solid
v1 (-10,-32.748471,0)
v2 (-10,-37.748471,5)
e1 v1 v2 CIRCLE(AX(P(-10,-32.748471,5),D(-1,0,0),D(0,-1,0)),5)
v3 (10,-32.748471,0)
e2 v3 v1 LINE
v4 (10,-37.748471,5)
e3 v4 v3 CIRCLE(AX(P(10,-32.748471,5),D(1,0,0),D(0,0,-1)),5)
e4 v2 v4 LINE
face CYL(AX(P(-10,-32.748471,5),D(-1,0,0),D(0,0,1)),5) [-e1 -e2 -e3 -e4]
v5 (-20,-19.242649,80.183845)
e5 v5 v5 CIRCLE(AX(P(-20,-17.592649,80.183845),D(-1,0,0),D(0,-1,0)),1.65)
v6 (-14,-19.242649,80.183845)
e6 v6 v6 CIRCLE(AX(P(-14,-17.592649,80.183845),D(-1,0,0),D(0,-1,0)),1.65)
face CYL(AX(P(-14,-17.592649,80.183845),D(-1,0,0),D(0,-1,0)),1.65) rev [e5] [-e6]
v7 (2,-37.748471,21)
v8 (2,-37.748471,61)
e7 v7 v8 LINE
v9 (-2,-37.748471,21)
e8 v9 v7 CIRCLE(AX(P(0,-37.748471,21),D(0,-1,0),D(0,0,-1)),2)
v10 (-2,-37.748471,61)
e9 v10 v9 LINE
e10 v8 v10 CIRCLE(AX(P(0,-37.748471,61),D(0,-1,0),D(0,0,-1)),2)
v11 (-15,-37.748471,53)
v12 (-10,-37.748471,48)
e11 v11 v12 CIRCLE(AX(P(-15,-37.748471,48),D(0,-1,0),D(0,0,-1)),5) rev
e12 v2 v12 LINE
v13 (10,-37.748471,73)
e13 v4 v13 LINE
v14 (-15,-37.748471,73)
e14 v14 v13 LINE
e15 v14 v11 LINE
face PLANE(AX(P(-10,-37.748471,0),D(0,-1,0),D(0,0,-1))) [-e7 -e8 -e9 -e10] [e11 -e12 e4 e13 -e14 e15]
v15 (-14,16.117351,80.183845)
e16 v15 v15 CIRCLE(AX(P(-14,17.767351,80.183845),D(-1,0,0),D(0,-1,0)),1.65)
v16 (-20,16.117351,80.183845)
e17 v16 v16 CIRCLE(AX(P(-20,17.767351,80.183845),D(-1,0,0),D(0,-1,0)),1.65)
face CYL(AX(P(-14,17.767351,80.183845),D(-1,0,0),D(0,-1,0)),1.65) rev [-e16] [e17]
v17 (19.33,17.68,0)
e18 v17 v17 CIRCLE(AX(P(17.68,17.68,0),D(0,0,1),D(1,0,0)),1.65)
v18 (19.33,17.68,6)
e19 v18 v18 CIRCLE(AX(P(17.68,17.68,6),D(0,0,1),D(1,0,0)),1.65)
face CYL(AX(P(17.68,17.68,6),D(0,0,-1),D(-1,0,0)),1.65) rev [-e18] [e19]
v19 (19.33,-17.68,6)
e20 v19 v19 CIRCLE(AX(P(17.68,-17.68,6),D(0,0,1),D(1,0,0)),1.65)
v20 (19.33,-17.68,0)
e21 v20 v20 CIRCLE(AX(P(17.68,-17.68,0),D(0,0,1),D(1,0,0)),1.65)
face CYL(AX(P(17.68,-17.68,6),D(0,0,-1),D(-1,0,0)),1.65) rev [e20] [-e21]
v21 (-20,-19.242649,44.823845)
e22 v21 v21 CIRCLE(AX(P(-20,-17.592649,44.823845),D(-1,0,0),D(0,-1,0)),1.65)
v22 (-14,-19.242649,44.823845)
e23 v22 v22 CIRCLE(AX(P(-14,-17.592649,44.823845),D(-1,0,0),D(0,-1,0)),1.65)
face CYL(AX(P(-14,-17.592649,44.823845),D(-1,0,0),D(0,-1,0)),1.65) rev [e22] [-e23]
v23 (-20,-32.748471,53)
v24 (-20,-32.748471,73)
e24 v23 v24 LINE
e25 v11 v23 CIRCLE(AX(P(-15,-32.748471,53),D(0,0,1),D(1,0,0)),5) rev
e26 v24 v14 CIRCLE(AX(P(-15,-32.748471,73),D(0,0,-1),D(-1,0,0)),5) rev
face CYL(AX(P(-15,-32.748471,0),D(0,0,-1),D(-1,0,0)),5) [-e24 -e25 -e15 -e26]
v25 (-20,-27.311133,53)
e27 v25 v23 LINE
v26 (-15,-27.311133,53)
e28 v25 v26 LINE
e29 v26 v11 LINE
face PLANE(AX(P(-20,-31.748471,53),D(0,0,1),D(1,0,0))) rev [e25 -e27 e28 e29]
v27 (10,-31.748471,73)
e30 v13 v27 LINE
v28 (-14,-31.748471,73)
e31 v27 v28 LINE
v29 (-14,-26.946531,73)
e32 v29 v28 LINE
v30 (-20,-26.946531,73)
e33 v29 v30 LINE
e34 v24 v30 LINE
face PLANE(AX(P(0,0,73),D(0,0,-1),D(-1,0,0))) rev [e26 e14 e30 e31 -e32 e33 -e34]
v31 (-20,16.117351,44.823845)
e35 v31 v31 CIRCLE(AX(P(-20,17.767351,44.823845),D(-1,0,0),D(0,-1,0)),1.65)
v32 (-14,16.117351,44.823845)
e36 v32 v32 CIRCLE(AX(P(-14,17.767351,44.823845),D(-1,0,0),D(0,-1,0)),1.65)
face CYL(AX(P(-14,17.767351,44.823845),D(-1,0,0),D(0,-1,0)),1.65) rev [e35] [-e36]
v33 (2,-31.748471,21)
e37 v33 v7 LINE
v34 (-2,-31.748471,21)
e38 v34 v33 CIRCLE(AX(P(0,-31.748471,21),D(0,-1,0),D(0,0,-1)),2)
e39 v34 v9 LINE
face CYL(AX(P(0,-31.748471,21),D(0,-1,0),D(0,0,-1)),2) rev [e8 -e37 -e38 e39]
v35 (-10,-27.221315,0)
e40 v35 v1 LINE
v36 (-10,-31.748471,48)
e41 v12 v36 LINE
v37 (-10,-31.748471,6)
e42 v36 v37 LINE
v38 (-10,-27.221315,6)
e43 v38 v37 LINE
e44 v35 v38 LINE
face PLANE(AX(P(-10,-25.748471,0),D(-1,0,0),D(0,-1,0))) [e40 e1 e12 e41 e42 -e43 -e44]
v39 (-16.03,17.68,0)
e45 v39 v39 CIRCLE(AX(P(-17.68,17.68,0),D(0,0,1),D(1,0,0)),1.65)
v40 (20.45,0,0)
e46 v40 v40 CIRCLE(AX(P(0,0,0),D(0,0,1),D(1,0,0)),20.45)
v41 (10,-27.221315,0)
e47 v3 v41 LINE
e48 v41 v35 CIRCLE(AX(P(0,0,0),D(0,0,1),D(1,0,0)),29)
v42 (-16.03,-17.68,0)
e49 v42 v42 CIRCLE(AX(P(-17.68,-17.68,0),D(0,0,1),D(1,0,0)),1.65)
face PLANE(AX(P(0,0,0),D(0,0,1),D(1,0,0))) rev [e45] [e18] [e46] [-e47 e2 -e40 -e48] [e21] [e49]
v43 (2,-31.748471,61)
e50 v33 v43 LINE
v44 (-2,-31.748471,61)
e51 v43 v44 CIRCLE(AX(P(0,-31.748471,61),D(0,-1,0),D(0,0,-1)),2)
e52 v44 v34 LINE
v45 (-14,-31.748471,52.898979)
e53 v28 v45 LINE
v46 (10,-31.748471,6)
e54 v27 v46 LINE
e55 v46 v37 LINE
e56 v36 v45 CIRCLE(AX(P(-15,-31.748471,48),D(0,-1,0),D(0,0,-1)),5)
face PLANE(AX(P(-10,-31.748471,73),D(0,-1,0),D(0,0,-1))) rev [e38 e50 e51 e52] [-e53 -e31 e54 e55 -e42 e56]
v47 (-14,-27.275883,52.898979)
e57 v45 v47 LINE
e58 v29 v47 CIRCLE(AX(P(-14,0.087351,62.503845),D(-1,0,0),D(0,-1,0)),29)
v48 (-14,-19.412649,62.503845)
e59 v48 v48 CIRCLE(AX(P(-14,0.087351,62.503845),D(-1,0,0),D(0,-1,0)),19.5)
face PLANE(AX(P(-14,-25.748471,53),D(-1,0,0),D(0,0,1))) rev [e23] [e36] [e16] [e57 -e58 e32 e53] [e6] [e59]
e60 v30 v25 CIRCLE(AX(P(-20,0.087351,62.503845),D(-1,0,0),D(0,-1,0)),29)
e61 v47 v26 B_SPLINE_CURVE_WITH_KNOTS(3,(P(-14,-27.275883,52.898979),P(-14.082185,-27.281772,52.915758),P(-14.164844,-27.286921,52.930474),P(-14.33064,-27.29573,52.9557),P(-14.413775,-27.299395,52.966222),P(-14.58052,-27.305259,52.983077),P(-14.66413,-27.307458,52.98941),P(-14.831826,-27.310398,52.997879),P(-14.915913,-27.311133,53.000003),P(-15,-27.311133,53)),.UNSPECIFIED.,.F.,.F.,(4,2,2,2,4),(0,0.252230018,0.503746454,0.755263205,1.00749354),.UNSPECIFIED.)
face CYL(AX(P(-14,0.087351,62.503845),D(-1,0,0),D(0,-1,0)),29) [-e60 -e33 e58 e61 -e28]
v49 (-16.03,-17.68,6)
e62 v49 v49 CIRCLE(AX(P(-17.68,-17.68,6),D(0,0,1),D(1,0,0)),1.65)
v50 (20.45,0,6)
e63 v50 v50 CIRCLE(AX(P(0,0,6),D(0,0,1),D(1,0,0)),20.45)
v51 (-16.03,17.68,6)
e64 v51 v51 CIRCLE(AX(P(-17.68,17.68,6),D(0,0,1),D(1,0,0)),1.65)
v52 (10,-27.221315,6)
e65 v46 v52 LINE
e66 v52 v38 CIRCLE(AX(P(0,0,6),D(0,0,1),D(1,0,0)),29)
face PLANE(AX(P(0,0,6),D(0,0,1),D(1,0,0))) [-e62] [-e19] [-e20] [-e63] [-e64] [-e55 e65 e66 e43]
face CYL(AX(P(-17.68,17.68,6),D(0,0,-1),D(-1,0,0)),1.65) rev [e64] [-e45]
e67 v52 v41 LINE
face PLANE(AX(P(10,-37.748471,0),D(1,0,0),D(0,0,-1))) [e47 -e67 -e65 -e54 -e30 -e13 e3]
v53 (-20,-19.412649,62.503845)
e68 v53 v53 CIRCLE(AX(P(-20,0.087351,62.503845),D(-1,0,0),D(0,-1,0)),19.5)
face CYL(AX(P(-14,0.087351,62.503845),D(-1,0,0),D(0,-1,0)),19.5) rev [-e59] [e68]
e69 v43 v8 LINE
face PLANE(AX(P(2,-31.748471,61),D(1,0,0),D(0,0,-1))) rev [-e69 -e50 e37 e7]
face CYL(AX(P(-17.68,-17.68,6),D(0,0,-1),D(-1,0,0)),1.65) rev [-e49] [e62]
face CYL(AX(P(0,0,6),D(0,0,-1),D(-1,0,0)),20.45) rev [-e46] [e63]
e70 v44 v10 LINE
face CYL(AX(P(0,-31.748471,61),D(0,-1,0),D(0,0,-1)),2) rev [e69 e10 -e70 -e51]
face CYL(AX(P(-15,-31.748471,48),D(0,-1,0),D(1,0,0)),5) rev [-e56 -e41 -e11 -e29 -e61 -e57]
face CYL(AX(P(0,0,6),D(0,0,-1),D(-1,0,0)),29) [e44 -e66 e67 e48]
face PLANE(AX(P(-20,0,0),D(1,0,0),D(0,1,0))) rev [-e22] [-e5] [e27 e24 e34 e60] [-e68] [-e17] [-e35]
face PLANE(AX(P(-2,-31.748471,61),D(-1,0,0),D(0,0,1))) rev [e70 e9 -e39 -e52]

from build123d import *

# Parameters (mm, degrees)
SKETCH1_R           = 29
SKETCH1_R_2         = 20.45
SKETCH1_R_3         = 1.65
BOSS_EXTRUDE1_DEPTH = 6
BOSS_EXTRUDE3_DEPTH = 6
SKETCH4_W           = 20
SKETCH4_H           = 6
BOSS_EXTRUDE4_DEPTH = 67
SKETCH5_W           = 20
SKETCH5_H           = 6
BOSS_EXTRUDE5_DEPTH = 10
SKETCH7_R           = 29
SKETCH7_R_2         = 1.65
SKETCH7_R_3         = 19.5
BOSS_EXTRUDE6_DEPTH = 6
SKETCH8_W           = 6
SKETCH8_H           = 20
BOSS_EXTRUDE8_DEPTH = 6
CUT_EXTRUDE1_DEPTH  = 6
FILLET1_R           = 5
FILLET2_R           = 5


with BuildPart() as part:
    # Sketch1 → Boss-Extrude1 (new body)
    with BuildSketch(Plane.XY):
        Circle(SKETCH1_R)
        Circle(SKETCH1_R_2, mode=Mode.SUBTRACT)
        with Locations((17.68, -17.68)):
            Circle(SKETCH1_R_3, mode=Mode.SUBTRACT)
        with Locations((-17.68, -17.68)):
            Circle(SKETCH1_R_3, mode=Mode.SUBTRACT)
        with Locations((-17.68, 17.68)):
            Circle(SKETCH1_R_3, mode=Mode.SUBTRACT)
        with Locations((17.68, 17.68)):
            Circle(SKETCH1_R_3, mode=Mode.SUBTRACT)
    extrude(amount=BOSS_EXTRUDE1_DEPTH)

    # Sketch3 → Boss-Extrude3 (add)
    with BuildSketch(Plane.XY.offset(6)):
        Polygon((0, -25.748471389), (-10, -25.748471389), (-10, -37.748471389), (10, -37.748471389), (10, -25.748471389), align=None)
    extrude(amount=-BOSS_EXTRUDE3_DEPTH)

    # Sketch4 → Boss-Extrude4 (add)
    with BuildSketch(Plane.XY.offset(6)):
        with Locations((0, -34.748471389)):
            Rectangle(SKETCH4_W, SKETCH4_H)
    extrude(amount=BOSS_EXTRUDE4_DEPTH)

    # Sketch5 → Boss-Extrude5 (add)
    with BuildSketch(Plane.ZY.offset(10)):
        with Locations((63, -34.748471389)):
            Rectangle(SKETCH5_W, SKETCH5_H)
    extrude(amount=BOSS_EXTRUDE5_DEPTH)



with BuildPart() as body_2:
    # Sketch7 → Boss-Extrude6 (new body)
    with BuildSketch(Plane.ZY.offset(20)):
        with Locations(Location((62.50384549, 0.087350514, 0), (0, 0, 270))):
            Circle(SKETCH7_R)
        with Locations(Location((80.18384549, -17.592649486, 0), (0, 0, 270))):
            Circle(SKETCH7_R_2, mode=Mode.SUBTRACT)
        with Locations(Location((44.82384549, -17.592649486, 0), (0, 0, 270))):
            Circle(SKETCH7_R_2, mode=Mode.SUBTRACT)
        with Locations(Location((44.82384549, 17.767350514, 0), (0, 0, 270))):
            Circle(SKETCH7_R_2, mode=Mode.SUBTRACT)
        with Locations(Location((80.18384549, 17.767350514, 0), (0, 0, 270))):
            Circle(SKETCH7_R_2, mode=Mode.SUBTRACT)
        with Locations(Location((62.50384549, 0.087350514, 0), (0, 0, 270))):
            Circle(SKETCH7_R_3, mode=Mode.SUBTRACT)
    extrude(amount=-BOSS_EXTRUDE6_DEPTH)


with BuildPart() as part_1:
    add(part.part)

    add(body_2.part)  # Boss-Extrude8 merges body 2
    # Sketch8 → Boss-Extrude8 (add)
    with BuildSketch(Plane(origin=(0, -31.748471389, 0), x_dir=(1, 0, 0), z_dir=(0, 1, 0))):
        with Locations((-17, -63)):
            Rectangle(SKETCH8_W, SKETCH8_H)
    extrude(amount=BOSS_EXTRUDE8_DEPTH)

    # Sketch9 → Cut-Extrude1 (cut)
    with BuildSketch(Plane.XZ.offset(37.748471389)):
        with BuildLine():
            Line((2, 61), (2, 21))
            ThreePointArc((2, 21), (0, 19), (-2, 21))
            Line((-2, 21), (-2, 61))
            ThreePointArc((-2, 61), (0, 63), (2, 61))
        make_face()
    extrude(amount=-CUT_EXTRUDE1_DEPTH, mode=Mode.SUBTRACT)

    # Fillet1
    fillet1_edges = [part_1.edges().sort_by_distance(p)[0] for p in [
        (0, -37.748471389, 0),
        (-20, -37.748471389, 63),
    ]]
    fillet(fillet1_edges, radius=FILLET1_R)

    # Fillet2
    fillet2_edges = [part_1.edges().sort_by_distance(p)[0] for p in [
        (-10, -34.748471389, 53),
    ]]
    fillet(fillet2_edges, radius=FILLET2_R)


solid = part_1.part
